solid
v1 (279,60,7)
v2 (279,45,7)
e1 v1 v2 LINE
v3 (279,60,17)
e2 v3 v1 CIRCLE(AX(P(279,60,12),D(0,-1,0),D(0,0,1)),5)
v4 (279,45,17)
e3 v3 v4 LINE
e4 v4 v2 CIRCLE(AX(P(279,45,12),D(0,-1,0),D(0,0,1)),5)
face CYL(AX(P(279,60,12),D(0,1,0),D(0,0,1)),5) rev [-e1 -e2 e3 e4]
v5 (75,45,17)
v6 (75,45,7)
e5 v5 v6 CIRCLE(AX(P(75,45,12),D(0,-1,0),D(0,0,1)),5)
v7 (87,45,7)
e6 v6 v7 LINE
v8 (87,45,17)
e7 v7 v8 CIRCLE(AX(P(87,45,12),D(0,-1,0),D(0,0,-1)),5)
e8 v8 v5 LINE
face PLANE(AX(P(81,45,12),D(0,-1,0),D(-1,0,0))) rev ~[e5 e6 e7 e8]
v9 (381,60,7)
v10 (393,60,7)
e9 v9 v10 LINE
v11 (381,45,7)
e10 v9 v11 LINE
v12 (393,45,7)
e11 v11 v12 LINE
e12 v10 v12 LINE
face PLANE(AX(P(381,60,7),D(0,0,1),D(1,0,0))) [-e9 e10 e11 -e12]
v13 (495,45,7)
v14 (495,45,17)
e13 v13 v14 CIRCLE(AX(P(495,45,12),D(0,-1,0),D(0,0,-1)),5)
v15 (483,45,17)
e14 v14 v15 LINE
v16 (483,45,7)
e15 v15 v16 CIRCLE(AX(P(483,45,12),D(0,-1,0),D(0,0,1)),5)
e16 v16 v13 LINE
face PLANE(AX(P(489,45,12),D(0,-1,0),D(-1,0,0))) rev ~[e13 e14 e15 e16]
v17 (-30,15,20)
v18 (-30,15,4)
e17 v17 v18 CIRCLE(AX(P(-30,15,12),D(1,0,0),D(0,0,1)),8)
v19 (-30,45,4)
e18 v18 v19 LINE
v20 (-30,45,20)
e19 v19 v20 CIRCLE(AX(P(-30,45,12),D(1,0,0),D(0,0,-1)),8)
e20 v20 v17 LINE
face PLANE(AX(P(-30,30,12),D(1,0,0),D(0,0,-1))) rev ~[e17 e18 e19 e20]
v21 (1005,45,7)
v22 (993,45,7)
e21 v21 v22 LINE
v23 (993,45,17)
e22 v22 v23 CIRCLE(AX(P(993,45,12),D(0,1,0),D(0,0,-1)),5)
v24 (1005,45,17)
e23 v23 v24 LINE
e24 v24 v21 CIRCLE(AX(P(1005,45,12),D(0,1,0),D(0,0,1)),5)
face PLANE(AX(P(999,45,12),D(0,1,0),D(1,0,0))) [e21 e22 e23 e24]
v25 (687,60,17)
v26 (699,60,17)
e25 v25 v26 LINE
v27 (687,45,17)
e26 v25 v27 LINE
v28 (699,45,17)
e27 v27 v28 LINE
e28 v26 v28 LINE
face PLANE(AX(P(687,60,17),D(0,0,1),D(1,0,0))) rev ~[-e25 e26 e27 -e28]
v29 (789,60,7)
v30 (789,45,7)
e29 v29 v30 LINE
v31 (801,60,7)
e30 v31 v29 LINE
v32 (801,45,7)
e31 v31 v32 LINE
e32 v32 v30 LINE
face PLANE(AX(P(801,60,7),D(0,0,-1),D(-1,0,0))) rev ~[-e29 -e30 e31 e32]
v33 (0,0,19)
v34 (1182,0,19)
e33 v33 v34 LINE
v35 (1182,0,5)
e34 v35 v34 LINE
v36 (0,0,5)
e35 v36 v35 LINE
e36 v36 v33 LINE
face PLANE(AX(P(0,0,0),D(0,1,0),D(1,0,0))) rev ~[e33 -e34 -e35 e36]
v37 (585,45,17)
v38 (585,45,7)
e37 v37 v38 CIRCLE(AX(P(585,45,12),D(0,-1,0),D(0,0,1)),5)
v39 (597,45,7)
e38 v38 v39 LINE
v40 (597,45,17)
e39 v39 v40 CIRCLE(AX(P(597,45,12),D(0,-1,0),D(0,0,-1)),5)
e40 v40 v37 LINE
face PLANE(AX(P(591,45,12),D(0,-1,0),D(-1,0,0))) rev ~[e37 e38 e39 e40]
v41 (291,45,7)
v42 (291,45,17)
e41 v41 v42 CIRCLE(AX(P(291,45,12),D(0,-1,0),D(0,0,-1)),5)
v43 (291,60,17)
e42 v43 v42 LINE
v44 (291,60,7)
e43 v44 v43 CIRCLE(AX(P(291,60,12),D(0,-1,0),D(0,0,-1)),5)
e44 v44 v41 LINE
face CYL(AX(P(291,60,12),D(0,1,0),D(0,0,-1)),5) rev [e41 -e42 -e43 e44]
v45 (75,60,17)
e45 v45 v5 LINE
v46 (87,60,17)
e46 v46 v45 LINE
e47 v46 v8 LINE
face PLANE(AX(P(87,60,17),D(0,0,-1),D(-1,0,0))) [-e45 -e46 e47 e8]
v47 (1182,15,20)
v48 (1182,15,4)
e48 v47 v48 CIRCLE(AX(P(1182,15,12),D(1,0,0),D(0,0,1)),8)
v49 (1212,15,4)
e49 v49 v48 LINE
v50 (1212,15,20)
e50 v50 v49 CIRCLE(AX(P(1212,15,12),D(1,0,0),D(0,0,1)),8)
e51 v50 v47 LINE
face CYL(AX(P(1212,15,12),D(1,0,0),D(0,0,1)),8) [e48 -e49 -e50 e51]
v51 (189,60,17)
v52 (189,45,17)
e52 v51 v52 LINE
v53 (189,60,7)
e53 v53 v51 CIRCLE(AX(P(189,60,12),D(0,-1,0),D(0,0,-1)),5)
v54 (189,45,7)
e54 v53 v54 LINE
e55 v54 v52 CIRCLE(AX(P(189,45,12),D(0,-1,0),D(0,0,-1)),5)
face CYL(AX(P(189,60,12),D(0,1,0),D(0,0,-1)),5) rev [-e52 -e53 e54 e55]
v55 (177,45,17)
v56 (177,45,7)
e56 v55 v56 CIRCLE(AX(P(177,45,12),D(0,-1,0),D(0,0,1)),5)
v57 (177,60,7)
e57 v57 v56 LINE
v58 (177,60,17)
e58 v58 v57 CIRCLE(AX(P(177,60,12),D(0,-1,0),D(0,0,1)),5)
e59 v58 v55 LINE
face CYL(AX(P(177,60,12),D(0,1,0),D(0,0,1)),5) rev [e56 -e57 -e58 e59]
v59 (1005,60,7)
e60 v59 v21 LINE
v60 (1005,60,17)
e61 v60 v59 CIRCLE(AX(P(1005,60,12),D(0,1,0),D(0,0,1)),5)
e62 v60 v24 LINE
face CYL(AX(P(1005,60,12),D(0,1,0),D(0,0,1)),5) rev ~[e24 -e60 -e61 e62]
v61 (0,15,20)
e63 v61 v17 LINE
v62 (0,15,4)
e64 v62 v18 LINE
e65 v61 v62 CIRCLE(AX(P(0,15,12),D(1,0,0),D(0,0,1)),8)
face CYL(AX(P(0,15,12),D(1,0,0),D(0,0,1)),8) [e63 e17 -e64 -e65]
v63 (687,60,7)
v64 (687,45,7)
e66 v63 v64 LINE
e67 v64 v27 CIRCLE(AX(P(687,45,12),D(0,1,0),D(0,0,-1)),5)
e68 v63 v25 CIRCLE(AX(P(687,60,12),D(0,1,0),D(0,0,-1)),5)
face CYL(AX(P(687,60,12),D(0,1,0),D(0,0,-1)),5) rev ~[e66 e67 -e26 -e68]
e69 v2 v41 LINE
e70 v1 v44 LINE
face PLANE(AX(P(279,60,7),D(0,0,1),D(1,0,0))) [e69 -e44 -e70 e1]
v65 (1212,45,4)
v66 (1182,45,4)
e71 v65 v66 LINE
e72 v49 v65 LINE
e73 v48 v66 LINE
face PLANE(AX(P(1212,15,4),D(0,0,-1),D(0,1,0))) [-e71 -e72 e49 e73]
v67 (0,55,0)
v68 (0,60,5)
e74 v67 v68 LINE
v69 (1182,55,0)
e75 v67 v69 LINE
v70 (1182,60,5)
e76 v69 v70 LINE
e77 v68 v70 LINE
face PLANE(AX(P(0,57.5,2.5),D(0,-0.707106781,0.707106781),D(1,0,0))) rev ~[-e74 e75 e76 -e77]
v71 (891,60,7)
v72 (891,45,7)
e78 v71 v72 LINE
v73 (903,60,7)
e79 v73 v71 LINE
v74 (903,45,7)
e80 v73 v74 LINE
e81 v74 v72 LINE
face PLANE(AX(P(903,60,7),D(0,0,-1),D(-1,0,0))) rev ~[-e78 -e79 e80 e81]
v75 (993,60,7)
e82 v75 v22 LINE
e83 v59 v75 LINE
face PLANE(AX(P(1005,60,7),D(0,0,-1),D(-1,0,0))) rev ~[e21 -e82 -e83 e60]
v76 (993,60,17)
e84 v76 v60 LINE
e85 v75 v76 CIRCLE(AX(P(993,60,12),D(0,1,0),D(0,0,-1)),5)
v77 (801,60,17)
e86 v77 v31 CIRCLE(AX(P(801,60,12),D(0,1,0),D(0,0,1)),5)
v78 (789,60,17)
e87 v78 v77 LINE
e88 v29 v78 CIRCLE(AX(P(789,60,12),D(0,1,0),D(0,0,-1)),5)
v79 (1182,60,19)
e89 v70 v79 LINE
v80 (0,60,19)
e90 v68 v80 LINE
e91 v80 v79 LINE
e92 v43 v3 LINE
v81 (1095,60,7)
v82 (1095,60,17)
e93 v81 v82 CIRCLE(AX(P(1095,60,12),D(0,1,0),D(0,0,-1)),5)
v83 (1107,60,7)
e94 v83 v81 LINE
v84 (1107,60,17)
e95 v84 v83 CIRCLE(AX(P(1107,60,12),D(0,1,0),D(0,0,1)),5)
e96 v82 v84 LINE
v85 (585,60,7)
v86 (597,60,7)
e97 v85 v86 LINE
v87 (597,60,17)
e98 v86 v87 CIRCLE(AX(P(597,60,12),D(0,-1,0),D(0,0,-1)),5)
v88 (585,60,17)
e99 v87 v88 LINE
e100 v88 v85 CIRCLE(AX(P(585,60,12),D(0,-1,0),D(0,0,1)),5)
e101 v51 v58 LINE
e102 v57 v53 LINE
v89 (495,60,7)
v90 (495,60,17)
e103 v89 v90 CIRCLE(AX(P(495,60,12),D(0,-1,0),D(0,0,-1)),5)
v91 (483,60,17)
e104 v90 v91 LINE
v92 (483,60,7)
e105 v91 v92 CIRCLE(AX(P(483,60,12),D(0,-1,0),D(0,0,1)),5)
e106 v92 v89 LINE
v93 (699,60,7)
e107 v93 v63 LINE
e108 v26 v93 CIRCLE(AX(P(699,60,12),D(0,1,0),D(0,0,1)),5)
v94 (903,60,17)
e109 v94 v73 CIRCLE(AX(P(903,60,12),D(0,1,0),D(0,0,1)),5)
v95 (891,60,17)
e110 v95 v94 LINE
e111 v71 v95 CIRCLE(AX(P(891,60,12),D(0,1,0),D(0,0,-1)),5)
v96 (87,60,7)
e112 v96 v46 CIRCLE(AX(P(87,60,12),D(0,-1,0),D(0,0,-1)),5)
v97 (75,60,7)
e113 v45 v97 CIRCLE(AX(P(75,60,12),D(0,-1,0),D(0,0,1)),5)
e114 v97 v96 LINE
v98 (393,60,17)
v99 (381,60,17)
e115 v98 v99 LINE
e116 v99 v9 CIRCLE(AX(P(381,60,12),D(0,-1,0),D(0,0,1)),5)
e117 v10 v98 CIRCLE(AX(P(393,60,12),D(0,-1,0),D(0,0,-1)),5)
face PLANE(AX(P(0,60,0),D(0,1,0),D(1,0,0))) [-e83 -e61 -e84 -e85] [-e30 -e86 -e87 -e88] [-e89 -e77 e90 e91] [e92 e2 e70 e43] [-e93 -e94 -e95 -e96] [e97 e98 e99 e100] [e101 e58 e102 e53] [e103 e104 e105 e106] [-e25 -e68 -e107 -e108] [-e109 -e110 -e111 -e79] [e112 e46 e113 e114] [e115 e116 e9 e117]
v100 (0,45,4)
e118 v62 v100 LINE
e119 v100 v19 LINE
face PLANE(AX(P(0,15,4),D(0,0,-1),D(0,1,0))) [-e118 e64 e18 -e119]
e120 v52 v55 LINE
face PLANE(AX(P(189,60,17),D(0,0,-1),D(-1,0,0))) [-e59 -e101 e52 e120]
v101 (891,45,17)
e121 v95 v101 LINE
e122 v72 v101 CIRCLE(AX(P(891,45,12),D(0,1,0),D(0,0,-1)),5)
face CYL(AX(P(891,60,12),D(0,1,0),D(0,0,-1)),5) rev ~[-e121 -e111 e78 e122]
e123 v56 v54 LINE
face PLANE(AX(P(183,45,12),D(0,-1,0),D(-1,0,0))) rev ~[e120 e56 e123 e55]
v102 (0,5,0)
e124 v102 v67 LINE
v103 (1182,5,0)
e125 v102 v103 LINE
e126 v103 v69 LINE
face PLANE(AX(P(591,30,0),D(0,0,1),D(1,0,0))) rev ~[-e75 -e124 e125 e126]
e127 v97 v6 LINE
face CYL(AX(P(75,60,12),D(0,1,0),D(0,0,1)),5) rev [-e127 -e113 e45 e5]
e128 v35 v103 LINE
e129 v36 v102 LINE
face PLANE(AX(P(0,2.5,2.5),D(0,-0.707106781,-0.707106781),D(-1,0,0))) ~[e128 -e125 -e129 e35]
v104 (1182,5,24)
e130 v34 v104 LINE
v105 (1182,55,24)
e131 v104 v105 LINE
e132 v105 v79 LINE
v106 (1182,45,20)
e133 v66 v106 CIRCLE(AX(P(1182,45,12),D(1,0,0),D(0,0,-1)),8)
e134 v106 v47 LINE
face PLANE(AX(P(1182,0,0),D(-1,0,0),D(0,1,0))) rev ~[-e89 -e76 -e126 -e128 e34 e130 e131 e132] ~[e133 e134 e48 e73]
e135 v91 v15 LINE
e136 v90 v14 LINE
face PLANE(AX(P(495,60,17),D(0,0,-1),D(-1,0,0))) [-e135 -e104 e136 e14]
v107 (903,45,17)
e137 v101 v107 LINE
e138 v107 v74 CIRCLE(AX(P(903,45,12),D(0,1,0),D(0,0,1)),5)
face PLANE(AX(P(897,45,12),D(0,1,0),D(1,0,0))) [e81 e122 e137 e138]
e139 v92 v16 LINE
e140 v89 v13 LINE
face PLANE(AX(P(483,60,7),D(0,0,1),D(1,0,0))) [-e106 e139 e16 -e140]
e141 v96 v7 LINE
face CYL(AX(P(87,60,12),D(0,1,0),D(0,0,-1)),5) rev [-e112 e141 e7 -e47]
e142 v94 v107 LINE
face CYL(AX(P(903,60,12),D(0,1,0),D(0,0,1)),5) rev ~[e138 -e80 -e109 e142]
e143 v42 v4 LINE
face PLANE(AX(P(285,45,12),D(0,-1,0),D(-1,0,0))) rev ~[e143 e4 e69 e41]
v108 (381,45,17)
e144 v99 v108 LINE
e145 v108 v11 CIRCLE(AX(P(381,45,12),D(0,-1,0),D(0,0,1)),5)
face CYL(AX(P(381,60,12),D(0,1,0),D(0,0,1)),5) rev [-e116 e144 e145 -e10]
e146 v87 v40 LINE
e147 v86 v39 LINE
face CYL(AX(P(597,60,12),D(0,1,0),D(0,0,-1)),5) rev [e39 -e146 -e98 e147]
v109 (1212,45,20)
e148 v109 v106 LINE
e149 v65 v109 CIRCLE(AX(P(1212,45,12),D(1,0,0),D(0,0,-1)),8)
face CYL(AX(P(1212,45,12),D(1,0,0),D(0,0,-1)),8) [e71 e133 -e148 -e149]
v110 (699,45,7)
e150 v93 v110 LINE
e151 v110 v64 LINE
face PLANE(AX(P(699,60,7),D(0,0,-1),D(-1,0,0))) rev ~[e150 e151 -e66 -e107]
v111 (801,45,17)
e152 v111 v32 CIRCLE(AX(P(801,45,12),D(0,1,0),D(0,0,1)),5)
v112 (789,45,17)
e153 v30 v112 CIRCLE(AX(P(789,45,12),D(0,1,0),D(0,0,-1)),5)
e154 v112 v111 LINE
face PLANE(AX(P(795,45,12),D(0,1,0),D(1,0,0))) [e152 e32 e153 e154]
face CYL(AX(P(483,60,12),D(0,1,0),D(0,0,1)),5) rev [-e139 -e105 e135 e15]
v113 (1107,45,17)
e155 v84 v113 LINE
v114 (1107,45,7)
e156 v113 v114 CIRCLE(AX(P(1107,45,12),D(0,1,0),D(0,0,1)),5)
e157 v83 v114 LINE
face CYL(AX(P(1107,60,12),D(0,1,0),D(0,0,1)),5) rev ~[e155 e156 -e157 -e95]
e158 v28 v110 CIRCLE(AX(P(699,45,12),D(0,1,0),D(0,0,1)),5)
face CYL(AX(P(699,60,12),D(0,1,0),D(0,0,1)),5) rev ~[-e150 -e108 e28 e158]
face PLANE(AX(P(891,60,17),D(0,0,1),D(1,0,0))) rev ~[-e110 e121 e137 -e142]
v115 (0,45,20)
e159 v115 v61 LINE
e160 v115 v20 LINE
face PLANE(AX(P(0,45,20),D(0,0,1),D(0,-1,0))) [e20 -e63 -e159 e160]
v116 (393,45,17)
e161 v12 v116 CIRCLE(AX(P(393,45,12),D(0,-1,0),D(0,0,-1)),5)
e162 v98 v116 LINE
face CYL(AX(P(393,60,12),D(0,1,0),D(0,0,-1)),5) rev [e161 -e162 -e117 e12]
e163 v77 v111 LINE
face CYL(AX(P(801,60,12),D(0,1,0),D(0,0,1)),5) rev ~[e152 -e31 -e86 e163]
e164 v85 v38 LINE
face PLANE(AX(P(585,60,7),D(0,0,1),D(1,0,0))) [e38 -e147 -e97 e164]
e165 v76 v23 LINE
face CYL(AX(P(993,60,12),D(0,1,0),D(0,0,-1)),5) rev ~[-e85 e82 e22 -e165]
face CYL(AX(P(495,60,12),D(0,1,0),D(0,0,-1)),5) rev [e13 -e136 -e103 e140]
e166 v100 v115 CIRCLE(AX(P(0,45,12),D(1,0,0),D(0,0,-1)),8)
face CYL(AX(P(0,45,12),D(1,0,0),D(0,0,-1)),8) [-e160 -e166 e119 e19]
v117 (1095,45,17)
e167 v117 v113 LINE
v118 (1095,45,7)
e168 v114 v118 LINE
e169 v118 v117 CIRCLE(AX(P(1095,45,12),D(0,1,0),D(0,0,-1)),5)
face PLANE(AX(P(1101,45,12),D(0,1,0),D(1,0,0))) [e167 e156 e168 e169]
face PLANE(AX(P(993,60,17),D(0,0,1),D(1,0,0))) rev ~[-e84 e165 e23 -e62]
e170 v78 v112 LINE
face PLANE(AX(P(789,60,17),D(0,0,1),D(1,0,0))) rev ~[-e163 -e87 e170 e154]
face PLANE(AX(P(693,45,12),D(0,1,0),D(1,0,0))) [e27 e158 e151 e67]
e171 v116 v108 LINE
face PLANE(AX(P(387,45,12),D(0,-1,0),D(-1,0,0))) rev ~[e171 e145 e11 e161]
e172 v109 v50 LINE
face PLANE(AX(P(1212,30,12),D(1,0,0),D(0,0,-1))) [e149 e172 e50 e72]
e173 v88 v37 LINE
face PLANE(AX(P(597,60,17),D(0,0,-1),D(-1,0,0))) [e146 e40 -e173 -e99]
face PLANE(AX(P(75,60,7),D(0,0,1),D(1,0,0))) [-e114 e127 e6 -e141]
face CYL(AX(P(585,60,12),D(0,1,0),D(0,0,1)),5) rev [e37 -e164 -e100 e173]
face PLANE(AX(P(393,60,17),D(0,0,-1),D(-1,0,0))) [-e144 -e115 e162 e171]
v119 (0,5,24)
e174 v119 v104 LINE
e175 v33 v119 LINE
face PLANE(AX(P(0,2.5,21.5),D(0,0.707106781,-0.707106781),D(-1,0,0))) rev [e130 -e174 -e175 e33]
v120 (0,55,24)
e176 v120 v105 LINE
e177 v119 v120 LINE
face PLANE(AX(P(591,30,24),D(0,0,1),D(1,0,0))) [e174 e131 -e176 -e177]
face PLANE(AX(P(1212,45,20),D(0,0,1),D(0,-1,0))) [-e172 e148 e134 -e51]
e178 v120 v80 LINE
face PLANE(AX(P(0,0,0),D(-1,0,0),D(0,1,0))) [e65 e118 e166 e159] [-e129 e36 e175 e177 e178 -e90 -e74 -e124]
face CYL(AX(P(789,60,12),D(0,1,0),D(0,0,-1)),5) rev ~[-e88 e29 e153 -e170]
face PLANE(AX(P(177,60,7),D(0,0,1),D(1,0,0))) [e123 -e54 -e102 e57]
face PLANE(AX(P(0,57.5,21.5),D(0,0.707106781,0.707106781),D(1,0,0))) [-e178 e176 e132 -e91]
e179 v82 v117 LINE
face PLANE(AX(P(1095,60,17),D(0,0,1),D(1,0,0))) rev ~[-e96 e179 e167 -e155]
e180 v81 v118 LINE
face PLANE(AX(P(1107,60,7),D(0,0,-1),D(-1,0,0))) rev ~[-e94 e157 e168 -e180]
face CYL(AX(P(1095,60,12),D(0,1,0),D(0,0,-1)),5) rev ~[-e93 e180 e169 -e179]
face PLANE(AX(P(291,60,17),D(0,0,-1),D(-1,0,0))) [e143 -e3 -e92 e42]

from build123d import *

# Parameters (mm, degrees)
ESQUISSE1_W             = 1182
ESQUISSE1_H             = 60
BOSS_EXTRU_1_DEPTH      = 24
BOSS_EXTRU_2_DEPTH      = 30
BOSS_EXTRU_3_START      = -1212
BOSS_EXTRU_3_DEPTH      = 30
CHANFREIN1_SIZE         = 5
ENL_V_MAT_EXTRU_1_DEPTH = 15


with BuildPart() as part:
    # Esquisse1 → Boss.-Extru.1 (new body)
    with BuildSketch(Plane.XY):
        with Locations((591, 30)):
            Rectangle(ESQUISSE1_W, ESQUISSE1_H)
    extrude(amount=BOSS_EXTRU_1_DEPTH)

    # Esquisse2 → Boss.-Extru.2 (add)
    with BuildSketch(Plane.ZY):
        with BuildLine():
            Line((4, 15), (4, 45))
            ThreePointArc((4, 45), (12, 53), (20, 45))
            Line((20, 45), (20, 15))
            ThreePointArc((20, 15), (12, 7), (4, 15))
        make_face()
    extrude(amount=BOSS_EXTRU_2_DEPTH)

    # Esquisse2<2> → Boss.-Extru.3 (add)
    with BuildSketch(Plane.ZY.offset(BOSS_EXTRU_3_START)):
        with BuildLine():
            Line((4, 15), (4, 45))
            ThreePointArc((4, 45), (12, 53), (20, 45))
            Line((20, 45), (20, 15))
            ThreePointArc((20, 15), (12, 7), (4, 15))
        make_face()
    extrude(amount=BOSS_EXTRU_3_DEPTH)

    # Chanfrein1
    chanfrein1_edges = [part.edges().sort_by_distance(p)[0] for p in [
        (591, 60, 24),
        (591, 60, 0),
        (591, 0, 0),
        (591, 0, 24),
    ]]
    chamfer(chanfrein1_edges, length=CHANFREIN1_SIZE)

    # Esquisse3 → Enlèv. mat.-Extru.1 (cut)
    with BuildSketch(Plane(origin=(0, 60, 0), x_dir=(1, 0, 0), z_dir=(0, 1, 0))):
        with BuildLine():
            Line((483, -7), (495, -7))
            ThreePointArc((495, -7), (500, -12), (495, -17))
            Line((495, -17), (483, -17))
            ThreePointArc((483, -17), (478, -12), (483, -7))
        make_face()
        with BuildLine():
            Line((381, -7), (393, -7))
            ThreePointArc((393, -7), (398, -12), (393, -17))
            Line((393, -17), (381, -17))
            ThreePointArc((381, -17), (376, -12), (381, -7))
        make_face()
        with BuildLine():
            Line((279, -7), (291, -7))
            ThreePointArc((291, -7), (296, -12), (291, -17))
            Line((291, -17), (279, -17))
            ThreePointArc((279, -17), (274, -12), (279, -7))
        make_face()
        with BuildLine():
            Line((177, -7), (189, -7))
            ThreePointArc((189, -7), (194, -12), (189, -17))
            Line((189, -17), (177, -17))
            ThreePointArc((177, -17), (172, -12), (177, -7))
        make_face()
        with BuildLine():
            Line((75, -7), (87, -7))
            ThreePointArc((87, -7), (92, -12), (87, -17))
            Line((87, -17), (75, -17))
            ThreePointArc((75, -17), (70, -12), (75, -7))
        make_face()
        with BuildLine():
            Line((585, -7), (597, -7))
            ThreePointArc((597, -7), (602, -12), (597, -17))
            Line((597, -17), (585, -17))
            ThreePointArc((585, -17), (580, -12), (585, -7))
        make_face()
        with BuildLine():
            Line((1107, -7), (1095, -7))
            ThreePointArc((1095, -7), (1090, -12), (1095, -17))
            Line((1095, -17), (1107, -17))
            ThreePointArc((1107, -17), (1112, -12), (1107, -7))
        make_face()
        with BuildLine():
            Line((1005, -7), (993, -7))
            ThreePointArc((993, -7), (988, -12), (993, -17))
            Line((993, -17), (1005, -17))
            ThreePointArc((1005, -17), (1010, -12), (1005, -7))
        make_face()
        with BuildLine():
            Line((903, -7), (891, -7))
            ThreePointArc((891, -7), (886, -12), (891, -17))
            Line((891, -17), (903, -17))
            ThreePointArc((903, -17), (908, -12), (903, -7))
        make_face()
        with BuildLine():
            Line((801, -7), (789, -7))
            ThreePointArc((789, -7), (784, -12), (789, -17))
            Line((789, -17), (801, -17))
            ThreePointArc((801, -17), (806, -12), (801, -7))
        make_face()
        with BuildLine():
            Line((699, -7), (687, -7))
            ThreePointArc((687, -7), (682, -12), (687, -17))
            Line((687, -17), (699, -17))
            ThreePointArc((699, -17), (704, -12), (699, -7))
        make_face()
    extrude(amount=-ENL_V_MAT_EXTRU_1_DEPTH, mode=Mode.SUBTRACT)


solid = part.part
